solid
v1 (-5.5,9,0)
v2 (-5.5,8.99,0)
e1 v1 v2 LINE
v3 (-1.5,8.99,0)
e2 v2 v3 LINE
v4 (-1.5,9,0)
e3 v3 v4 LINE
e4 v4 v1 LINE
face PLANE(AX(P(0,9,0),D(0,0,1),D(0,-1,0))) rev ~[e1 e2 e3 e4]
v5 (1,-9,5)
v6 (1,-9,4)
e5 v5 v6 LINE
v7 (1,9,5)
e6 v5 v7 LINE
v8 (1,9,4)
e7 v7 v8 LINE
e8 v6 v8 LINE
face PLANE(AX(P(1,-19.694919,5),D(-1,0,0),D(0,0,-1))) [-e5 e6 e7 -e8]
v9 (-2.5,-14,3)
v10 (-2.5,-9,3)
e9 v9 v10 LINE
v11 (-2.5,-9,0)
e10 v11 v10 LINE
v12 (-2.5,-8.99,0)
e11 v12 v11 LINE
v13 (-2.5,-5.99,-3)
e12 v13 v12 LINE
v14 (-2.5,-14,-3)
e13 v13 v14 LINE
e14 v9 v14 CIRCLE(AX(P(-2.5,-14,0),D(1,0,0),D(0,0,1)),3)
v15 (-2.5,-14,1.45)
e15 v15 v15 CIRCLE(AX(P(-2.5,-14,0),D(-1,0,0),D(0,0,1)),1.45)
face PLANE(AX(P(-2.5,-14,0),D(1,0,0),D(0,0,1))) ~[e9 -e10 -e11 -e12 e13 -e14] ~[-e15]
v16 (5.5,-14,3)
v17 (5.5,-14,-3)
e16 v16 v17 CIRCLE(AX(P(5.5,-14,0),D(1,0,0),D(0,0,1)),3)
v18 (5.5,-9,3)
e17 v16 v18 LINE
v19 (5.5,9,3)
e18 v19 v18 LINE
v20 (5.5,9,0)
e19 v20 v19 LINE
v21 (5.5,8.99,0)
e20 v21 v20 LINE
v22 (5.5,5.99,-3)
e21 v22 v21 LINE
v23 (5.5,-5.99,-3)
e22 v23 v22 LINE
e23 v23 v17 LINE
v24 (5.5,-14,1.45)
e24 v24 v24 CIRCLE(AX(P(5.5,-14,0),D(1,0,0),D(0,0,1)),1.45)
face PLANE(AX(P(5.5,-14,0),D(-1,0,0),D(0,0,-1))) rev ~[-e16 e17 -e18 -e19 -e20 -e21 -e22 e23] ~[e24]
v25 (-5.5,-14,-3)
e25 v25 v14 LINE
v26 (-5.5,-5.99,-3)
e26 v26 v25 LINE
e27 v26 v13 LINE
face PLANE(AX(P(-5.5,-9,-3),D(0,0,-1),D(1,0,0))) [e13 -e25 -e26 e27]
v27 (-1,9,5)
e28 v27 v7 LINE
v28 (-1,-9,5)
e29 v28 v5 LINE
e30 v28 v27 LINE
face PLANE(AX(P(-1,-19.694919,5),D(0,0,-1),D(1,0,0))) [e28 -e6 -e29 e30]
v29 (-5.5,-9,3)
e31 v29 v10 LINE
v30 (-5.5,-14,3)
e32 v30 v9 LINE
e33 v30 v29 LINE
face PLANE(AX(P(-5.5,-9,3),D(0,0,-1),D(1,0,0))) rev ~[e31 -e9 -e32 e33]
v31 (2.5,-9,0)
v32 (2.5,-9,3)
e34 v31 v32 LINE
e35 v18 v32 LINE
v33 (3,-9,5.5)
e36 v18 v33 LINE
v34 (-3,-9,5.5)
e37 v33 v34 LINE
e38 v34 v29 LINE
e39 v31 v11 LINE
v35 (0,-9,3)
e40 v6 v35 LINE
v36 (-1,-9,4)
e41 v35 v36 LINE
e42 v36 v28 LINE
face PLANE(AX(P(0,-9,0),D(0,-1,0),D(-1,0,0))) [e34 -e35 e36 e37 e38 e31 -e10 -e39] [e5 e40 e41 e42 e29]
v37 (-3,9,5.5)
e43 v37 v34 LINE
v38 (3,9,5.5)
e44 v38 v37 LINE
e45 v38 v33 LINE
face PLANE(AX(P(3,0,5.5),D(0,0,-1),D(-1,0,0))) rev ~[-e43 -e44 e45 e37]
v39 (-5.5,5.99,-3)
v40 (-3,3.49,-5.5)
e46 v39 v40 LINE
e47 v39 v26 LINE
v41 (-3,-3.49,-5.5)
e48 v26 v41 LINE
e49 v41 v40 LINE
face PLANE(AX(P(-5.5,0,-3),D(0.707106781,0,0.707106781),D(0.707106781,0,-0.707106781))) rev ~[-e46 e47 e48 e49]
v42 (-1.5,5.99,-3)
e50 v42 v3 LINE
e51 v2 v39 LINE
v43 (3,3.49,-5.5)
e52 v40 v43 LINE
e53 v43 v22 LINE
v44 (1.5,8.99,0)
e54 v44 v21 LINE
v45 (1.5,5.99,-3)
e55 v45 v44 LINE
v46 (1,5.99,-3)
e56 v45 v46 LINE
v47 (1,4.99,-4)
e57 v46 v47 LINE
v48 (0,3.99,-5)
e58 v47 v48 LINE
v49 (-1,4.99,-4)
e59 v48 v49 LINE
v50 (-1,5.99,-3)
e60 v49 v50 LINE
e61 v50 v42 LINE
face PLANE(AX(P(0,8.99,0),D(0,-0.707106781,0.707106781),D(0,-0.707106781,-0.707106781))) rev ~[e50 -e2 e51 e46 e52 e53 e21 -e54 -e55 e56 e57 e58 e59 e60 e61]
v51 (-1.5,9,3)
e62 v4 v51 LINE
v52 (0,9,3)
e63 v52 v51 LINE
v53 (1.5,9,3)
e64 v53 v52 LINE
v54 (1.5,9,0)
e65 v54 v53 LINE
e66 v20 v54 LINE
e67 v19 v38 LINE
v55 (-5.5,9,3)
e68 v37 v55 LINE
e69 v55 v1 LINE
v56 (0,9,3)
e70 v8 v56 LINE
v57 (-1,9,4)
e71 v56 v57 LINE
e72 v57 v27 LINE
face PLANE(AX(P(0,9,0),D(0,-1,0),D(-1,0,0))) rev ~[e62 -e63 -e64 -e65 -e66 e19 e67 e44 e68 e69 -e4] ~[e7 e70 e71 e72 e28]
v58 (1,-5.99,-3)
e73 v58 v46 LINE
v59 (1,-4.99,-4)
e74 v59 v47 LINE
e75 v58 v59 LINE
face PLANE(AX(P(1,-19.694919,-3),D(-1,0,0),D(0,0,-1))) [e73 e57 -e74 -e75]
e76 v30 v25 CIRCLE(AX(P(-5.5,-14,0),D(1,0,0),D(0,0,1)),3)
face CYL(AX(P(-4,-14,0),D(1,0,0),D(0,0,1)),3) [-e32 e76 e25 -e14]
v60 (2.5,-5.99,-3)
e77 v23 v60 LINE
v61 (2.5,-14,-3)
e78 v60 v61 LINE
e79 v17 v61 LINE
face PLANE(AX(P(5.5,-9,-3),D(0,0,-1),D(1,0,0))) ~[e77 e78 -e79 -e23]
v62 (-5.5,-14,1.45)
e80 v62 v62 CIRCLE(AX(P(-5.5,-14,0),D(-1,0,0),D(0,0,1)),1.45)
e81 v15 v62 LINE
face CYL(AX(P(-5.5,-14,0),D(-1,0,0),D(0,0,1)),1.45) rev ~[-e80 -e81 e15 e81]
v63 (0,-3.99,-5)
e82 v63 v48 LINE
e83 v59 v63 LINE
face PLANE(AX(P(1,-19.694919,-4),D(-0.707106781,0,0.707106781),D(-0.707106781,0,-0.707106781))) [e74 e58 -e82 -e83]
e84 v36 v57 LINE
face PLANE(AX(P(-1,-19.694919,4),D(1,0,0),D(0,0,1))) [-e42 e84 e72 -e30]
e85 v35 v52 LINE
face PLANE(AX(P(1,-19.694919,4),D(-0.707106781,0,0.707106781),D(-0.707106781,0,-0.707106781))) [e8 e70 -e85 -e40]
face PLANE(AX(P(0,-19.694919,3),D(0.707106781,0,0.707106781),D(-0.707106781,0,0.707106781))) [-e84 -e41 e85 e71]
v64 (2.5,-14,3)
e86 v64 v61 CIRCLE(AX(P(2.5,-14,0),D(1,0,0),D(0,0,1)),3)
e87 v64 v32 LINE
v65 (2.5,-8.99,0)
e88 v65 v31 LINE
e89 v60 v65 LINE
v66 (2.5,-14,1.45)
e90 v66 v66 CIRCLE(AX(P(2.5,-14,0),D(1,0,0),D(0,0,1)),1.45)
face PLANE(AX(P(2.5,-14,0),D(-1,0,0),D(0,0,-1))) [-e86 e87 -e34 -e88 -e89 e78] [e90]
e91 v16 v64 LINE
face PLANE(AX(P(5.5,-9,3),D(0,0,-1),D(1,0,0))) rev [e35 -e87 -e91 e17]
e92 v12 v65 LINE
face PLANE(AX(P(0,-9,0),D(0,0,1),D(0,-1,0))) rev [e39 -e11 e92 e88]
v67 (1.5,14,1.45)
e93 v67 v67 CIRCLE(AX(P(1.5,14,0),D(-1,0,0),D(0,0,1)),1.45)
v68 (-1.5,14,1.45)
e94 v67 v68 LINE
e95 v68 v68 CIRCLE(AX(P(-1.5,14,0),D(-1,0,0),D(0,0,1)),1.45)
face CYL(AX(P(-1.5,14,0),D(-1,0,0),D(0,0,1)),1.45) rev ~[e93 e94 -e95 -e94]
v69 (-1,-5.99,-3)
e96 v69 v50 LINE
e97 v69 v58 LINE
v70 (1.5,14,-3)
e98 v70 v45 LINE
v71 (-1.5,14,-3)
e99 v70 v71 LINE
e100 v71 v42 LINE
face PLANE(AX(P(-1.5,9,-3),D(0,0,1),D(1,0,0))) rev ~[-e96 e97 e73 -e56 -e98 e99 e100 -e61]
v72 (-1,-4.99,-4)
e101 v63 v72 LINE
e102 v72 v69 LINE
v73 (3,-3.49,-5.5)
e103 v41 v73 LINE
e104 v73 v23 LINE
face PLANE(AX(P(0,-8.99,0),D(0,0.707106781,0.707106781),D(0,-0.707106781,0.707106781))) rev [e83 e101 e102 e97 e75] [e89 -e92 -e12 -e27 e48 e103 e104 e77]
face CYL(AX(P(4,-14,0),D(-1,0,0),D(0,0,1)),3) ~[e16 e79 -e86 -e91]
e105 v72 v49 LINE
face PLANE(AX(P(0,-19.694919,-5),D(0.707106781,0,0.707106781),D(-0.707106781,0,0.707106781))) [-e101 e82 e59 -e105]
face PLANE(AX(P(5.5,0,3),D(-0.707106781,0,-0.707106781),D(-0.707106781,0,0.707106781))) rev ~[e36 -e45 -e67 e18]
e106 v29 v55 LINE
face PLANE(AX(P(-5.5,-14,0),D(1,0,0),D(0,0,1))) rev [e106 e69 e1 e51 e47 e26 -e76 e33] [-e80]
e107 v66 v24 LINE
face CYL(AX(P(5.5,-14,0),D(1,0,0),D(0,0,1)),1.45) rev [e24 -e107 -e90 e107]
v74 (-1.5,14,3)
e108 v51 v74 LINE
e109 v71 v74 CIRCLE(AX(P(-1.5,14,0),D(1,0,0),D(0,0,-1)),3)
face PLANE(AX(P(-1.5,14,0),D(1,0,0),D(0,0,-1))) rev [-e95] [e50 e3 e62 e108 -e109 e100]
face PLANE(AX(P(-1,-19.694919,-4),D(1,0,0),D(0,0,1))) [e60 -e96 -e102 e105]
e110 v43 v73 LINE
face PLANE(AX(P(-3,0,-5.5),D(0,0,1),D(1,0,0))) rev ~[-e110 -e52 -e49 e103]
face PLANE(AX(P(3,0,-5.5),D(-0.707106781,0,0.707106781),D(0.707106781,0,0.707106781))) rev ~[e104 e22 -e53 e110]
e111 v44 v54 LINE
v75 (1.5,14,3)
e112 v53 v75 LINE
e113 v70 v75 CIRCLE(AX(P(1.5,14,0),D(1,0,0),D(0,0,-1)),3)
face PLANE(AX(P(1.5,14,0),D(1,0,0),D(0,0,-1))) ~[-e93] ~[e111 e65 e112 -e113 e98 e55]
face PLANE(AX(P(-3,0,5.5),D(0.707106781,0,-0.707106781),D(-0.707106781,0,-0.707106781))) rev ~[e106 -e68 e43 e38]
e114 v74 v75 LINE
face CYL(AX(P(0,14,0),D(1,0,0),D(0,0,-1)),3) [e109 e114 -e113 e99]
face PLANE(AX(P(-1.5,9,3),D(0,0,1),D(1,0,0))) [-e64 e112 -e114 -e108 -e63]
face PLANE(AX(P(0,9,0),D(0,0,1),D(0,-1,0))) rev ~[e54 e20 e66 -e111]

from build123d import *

# Parameters (mm, degrees)
BOSS_EXTRUDE1_DEPTH     = 9
CUT_EXTRUDE2_DEPTH      = 12.895377253
SKETCH6_W               = 3
SKETCH6_H               = 6
BOSS_EXTRUDE3_DEPTH     = 5
SKETCH7_W               = 3
SKETCH7_H               = 3
REVOLVE1_ANGLE          = 180
SKETCH9_R               = 1.45
CUT_EXTRUDE3_DEPTH      = 5
SKETCH10_W              = 3
SKETCH10_H              = 6
BOSS_EXTRUDE4_DEPTH     = 5
SKETCH12_W              = 3
SKETCH12_H              = 3
REVOLVE2_ANGLE          = 180
SKETCH14_R              = 1.45
CUT_EXTRUDE4_DEPTH      = 5
CUT_EXTRUDE5_DEPTH      = 19.694919096
CUT_EXTRUDE5_DEPTH_BACK = 19.694919096


with BuildPart() as part:
    # Sketch2 → Boss-Extrude1 (new, symmetric)
    with BuildSketch(Plane(origin=(0, 0, 0), x_dir=(1, 0, 0), z_dir=(0, 1, 0))):
        Polygon((-3, 5.5), (3, 5.5), (5.5, 3), (5.5, -3), (3, -5.5), (-3, -5.5), (-5.5, -3), (-5.5, 3), align=None)
    extrude(amount=BOSS_EXTRUDE1_DEPTH, both=True)

    # Sketch5 → Cut-Extrude2 (cut, symmetric)
    with BuildSketch(Plane(origin=(0, 0, 0), x_dir=(0, 0, -1), z_dir=(1, 0, 0))):
        Polygon((0, 9), (0, 8.99), (5.5, 3.49), (5.5, 9), align=None)
    cut_extrude2 = extrude(amount=CUT_EXTRUDE2_DEPTH, both=True, mode=Mode.SUBTRACT)

    # Mirror3: Cut-Extrude2 across plane
    add(cut_extrude2.mirror(Plane.ZX), mode=Mode.SUBTRACT)

    # Sketch6 → Boss-Extrude3 (add, symmetric)
    with BuildSketch(Plane.XZ.offset(9)):
        with Locations((-4, 0)):
            Rectangle(SKETCH6_W, SKETCH6_H)
    boss_extrude3 = extrude(amount=BOSS_EXTRUDE3_DEPTH, both=True)

    # Sketch7 → Revolve1 (revolve)
    with BuildSketch(Plane.XZ.offset(14)):
        with Locations((-4, 1.5)):
            Rectangle(SKETCH7_W, SKETCH7_H)
    revolve1 = revolve(axis=Axis((-5.5, -14, 0), (1, 0, 0)), revolution_arc=REVOLVE1_ANGLE)

    # Sketch9 → Cut-Extrude3 (cut, symmetric)
    with BuildSketch(Plane.ZY.offset(5.5)):
        with Locations((0, -14)):
            Circle(SKETCH9_R)
    cut_extrude3 = extrude(amount=CUT_EXTRUDE3_DEPTH, both=True, mode=Mode.SUBTRACT)

    # Mirror5: Boss-Extrude3, Revolve1, Cut-Extrude3 across plane
    add(boss_extrude3.mirror(Plane(origin=(0, 0, 0), x_dir=(0, 0, 1), z_dir=(1, 0, 0))))
    add(revolve1.mirror(Plane(origin=(0, 0, 0), x_dir=(0, 0, 1), z_dir=(1, 0, 0))))
    add(cut_extrude3.mirror(Plane(origin=(0, 0, 0), x_dir=(0, 0, 1), z_dir=(1, 0, 0))), mode=Mode.SUBTRACT)

    # Sketch10 → Boss-Extrude4 (add, symmetric)
    with BuildSketch(Plane(origin=(0, 9, 0), x_dir=(1, 0, 0), z_dir=(0, 1, 0))):
        Rectangle(SKETCH10_W, SKETCH10_H)
    extrude(amount=BOSS_EXTRUDE4_DEPTH, both=True)

    # Sketch12 → Revolve2 (revolve)
    with BuildSketch(Plane(origin=(0, 14, 0), x_dir=(1, 0, 0), z_dir=(0, 1, 0))):
        with Locations((0, 1.5)):
            Rectangle(SKETCH12_W, SKETCH12_H)
    revolve(axis=Axis((-1.5, 14, 0), (1, 0, 0)), revolution_arc=REVOLVE2_ANGLE)

    # Sketch14 → Cut-Extrude4 (cut, symmetric)
    with BuildSketch(Plane.ZY.offset(1.5)):
        with Locations((0, 14)):
            Circle(SKETCH14_R)
    extrude(amount=CUT_EXTRUDE4_DEPTH, both=True, mode=Mode.SUBTRACT)

    # Sketch15 → Cut-Extrude5 (cut, two sides: drawn at the far end of the back side and taken through both)
    with BuildSketch(Plane(origin=(0, 0, 0), x_dir=(1, 0, 0), z_dir=(0, 1, 0)).offset(-CUT_EXTRUDE5_DEPTH_BACK)):
        Polygon((0, 5), (-1, 4), (-1, 3), (1, 3), (1, 4), align=None)
        Polygon((1, -4), (0, -3), (-1, -4), (-1, -5), (1, -5), align=None)
    extrude(amount=CUT_EXTRUDE5_DEPTH + CUT_EXTRUDE5_DEPTH_BACK, mode=Mode.SUBTRACT)


solid = part.part
